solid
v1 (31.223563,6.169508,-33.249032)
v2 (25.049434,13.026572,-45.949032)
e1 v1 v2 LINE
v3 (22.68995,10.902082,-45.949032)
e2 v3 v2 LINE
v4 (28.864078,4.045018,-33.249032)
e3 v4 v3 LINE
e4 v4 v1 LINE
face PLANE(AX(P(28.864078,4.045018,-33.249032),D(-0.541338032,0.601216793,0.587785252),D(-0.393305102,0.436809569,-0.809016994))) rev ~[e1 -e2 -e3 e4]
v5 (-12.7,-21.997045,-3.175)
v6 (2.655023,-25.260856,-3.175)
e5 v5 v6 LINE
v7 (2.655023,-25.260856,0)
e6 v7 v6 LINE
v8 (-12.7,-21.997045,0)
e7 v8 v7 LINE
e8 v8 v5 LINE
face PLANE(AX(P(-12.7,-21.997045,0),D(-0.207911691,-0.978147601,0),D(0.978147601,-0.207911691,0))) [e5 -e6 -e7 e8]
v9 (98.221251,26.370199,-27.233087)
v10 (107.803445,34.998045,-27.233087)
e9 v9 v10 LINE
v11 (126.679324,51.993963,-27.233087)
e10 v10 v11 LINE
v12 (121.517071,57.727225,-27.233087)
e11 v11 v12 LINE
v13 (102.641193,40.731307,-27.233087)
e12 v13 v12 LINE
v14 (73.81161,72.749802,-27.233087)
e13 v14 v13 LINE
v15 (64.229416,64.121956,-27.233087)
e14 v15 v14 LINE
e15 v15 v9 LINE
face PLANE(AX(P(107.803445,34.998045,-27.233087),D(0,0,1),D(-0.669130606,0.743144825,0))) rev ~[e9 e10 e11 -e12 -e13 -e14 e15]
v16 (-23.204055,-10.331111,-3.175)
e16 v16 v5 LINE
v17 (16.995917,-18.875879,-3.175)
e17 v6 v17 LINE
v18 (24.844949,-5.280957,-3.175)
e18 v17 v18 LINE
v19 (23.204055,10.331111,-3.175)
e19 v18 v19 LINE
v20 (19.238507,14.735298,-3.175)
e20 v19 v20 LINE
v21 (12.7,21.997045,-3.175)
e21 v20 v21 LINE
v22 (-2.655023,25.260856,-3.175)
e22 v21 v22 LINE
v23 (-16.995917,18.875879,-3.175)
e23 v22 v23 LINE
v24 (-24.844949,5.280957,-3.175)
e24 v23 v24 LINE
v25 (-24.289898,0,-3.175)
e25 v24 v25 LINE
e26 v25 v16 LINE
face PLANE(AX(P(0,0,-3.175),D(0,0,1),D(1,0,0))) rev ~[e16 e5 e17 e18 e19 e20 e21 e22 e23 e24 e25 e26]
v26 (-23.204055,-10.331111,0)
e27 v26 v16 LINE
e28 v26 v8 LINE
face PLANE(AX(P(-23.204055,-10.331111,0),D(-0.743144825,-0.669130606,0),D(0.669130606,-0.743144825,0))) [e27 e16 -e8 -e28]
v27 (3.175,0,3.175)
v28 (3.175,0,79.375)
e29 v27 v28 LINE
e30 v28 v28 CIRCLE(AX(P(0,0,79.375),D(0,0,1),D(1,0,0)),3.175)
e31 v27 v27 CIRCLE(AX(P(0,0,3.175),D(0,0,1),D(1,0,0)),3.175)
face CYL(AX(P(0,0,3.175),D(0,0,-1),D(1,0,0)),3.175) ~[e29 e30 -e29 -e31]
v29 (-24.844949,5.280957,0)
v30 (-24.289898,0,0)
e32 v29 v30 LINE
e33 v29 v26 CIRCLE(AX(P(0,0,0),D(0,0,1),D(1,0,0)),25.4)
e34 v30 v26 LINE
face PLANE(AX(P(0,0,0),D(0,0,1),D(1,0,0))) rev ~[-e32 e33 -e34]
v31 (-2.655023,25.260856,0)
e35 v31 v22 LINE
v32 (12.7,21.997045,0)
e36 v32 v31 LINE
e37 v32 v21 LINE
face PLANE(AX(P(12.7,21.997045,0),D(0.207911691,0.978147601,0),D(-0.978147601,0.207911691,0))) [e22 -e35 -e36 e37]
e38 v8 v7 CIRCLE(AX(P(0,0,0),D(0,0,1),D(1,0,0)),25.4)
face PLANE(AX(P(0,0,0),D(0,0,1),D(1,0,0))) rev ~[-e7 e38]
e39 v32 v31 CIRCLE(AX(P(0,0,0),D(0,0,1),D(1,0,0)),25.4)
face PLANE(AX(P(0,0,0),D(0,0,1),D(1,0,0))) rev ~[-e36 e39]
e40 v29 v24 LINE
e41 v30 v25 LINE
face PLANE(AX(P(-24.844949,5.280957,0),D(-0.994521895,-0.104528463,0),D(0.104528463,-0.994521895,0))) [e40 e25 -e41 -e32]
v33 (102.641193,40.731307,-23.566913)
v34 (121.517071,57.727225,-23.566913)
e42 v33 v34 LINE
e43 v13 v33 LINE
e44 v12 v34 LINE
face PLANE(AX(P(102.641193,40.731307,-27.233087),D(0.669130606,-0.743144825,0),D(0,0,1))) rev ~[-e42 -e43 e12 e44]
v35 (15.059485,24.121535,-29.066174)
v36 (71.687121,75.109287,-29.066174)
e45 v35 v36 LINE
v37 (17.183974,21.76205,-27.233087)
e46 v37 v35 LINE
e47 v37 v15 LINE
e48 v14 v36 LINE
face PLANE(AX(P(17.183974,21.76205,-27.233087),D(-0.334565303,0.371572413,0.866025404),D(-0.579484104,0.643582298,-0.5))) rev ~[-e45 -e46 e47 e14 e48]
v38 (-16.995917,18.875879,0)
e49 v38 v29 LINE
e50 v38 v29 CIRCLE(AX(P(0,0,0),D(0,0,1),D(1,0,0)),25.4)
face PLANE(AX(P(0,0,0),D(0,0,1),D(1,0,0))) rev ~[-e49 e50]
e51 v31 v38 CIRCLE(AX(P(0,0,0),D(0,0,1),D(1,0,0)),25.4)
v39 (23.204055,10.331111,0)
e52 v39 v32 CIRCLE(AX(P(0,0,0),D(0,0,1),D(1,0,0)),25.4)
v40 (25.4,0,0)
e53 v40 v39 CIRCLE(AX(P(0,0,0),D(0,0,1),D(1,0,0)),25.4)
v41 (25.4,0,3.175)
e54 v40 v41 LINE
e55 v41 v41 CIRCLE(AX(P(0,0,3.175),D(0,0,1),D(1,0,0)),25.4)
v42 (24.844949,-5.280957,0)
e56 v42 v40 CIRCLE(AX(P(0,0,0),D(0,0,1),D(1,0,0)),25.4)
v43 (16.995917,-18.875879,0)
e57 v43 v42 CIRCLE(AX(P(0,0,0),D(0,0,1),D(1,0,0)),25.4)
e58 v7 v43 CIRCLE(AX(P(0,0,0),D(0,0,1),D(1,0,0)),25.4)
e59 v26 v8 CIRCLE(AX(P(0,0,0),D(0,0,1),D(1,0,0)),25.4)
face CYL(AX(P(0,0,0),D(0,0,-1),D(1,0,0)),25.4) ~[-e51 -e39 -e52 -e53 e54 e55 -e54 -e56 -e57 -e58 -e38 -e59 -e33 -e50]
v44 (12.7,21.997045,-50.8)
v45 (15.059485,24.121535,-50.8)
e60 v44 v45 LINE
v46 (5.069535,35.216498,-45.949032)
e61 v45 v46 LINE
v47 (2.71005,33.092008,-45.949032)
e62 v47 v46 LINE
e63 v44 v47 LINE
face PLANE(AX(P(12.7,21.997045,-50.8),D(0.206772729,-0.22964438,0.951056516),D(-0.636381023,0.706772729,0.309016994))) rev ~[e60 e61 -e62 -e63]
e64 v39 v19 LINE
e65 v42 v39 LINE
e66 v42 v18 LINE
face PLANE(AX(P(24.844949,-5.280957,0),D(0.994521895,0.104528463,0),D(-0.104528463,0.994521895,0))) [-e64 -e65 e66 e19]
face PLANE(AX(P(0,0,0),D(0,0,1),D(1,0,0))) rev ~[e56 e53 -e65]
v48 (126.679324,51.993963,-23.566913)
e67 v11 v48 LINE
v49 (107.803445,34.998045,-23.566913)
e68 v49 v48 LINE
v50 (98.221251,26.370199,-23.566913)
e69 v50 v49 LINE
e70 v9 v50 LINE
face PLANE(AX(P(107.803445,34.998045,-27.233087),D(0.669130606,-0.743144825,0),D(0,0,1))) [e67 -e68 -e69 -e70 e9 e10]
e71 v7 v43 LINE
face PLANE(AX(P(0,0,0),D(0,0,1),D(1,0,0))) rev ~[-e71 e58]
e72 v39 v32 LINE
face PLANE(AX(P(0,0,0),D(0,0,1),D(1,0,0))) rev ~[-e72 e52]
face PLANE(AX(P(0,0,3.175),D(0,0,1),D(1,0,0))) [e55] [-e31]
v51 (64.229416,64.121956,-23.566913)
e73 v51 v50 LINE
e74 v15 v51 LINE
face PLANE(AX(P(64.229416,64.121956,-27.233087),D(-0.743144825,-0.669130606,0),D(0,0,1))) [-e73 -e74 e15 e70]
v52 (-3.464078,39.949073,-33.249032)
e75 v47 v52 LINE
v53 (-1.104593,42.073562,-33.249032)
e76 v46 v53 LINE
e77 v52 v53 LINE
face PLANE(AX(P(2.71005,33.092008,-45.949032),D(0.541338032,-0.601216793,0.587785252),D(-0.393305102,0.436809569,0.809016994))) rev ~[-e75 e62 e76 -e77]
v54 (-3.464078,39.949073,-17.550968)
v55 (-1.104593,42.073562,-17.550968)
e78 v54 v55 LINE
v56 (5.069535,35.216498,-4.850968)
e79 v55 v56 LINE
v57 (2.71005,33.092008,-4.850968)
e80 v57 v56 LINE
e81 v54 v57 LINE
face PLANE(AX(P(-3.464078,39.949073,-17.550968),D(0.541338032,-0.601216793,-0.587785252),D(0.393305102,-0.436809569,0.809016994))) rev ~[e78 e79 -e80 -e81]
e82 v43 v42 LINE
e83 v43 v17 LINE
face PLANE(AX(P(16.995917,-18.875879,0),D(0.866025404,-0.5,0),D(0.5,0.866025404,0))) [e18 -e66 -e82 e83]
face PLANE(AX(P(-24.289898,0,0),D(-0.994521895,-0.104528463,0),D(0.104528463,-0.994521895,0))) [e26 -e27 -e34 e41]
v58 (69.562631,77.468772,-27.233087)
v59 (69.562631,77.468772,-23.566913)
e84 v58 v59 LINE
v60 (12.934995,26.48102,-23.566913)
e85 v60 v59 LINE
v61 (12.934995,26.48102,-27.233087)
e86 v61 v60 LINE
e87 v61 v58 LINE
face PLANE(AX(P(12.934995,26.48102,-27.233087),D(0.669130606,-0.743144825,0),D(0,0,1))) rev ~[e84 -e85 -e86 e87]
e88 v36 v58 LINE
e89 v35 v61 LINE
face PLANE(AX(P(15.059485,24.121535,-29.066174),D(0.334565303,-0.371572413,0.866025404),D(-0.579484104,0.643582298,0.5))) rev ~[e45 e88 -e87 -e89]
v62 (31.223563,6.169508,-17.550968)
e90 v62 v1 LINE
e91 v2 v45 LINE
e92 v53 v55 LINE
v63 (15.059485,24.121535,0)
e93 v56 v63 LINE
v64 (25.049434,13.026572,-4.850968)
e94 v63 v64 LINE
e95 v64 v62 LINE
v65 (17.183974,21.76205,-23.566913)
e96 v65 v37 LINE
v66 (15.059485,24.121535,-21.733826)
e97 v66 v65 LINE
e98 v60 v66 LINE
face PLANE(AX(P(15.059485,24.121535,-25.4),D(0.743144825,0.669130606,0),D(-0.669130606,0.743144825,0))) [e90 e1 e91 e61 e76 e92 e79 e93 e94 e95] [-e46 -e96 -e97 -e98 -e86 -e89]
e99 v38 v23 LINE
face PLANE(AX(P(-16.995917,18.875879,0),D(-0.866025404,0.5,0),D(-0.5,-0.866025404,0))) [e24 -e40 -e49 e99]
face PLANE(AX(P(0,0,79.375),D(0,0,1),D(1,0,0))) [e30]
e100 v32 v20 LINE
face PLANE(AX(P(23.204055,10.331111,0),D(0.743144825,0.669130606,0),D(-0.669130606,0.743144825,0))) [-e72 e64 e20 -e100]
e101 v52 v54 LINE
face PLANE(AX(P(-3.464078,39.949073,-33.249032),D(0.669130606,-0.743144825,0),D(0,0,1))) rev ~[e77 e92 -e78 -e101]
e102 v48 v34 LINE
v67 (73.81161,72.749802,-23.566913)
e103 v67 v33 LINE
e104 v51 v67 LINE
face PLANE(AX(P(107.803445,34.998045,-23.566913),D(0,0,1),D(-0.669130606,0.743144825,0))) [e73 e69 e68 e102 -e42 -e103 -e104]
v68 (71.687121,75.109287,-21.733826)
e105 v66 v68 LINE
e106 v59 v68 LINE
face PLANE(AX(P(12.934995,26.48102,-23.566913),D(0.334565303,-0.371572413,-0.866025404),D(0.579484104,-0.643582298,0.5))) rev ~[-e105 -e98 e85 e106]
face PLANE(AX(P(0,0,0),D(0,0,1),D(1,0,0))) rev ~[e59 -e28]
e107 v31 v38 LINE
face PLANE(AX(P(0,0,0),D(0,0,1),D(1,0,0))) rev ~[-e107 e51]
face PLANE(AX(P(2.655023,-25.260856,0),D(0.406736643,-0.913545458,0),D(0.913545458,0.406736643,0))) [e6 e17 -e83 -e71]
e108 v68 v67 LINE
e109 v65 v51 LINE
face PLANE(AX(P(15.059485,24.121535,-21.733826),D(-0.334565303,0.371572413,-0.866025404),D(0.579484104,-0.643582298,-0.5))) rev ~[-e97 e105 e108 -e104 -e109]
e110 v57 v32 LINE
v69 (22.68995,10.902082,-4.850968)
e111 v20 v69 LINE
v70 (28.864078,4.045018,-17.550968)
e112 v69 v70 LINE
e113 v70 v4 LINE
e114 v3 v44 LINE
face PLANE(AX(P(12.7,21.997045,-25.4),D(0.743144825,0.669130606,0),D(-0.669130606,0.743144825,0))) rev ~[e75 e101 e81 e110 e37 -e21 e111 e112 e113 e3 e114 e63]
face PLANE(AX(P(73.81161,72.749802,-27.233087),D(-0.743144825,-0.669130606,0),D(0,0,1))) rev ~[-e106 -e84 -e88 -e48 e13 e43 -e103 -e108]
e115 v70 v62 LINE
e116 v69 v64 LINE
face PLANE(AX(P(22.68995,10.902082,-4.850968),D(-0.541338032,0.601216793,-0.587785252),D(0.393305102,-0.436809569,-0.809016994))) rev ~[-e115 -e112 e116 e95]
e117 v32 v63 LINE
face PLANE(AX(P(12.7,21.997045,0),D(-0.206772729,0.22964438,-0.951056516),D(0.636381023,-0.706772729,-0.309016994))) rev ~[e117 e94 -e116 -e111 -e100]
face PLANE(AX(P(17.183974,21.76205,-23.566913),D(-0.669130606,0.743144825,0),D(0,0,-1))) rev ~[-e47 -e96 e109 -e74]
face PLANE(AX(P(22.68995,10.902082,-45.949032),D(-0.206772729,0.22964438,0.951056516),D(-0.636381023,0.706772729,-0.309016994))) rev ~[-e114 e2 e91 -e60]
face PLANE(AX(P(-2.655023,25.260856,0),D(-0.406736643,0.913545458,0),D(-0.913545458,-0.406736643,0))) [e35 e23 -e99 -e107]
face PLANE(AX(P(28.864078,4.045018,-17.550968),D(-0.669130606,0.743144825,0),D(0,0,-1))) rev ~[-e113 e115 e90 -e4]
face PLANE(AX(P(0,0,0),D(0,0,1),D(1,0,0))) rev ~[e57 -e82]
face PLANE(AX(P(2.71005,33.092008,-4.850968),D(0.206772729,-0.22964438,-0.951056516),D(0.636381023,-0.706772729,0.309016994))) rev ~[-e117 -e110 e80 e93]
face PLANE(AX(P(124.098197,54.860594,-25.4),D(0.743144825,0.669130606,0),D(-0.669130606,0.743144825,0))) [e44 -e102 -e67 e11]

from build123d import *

# Parameters (mm, degrees)
F0_R      = 25.4
F1_DEPTH  = 3.175
F2_R      = 3.175
F3_DEPTH  = 76.2
F5_DEPTH  = 3.175
F7_DEPTH  = 3.175
F9_DEPTH  = 76.2
F10_W     = 12.8941143926
F10_H     = 3.6661742094
F11_DEPTH = 50.8
F12_W     = 7.7148651539
F12_H     = 3.6661742094
F13_DEPTH = 25.4


with BuildPart() as f1:
    # F0 (on Top) → F1 (new body)
    with BuildSketch(Plane.XY):
        Circle(F0_R)
    extrude(amount=F1_DEPTH)

    # F2 (on face) → F3 (join)
    with BuildSketch(Plane.XY.offset(3.175)):
        Circle(F2_R)
    extrude(amount=F3_DEPTH)

    # F4 (on Top) → F5 (join)
    with BuildSketch(Plane.XY):
        Polygon((-24.8449490586, 5.2809569468), (-24.2898981173, 0), (-23.2040546241, -10.3311107341), (-12.7, -21.9970452561), (2.655022967, -25.2608561424), (16.9959174015, -18.8758785671), (24.8449490586, -5.2809569468), (23.2040546241, 10.3311107341), (12.7, 21.9970452561), (-2.655022967, 25.2608561424), (-16.9959174015, 18.8758785671), align=None)
    extrude(amount=-F5_DEPTH)

    # F6 (on face) → F7 (join)
    with BuildSketch(Plane(origin=(17.9520273121, 16.1640779951, 0), x_dir=(-0.6691306064, 0.7431448255, 0), z_dir=(0.7431448255, 0.6691306064, 0))):
        Polygon((22.7787770654, -4.8509683429), (7.8490316571, 0), (-7.0807137511, -4.8509683429), (-16.3078038568, -17.5509683429), (-16.3078038568, -33.2490316571), (-7.0807137511, -45.9490316571), (7.8490316571, -50.8), (22.7787770654, -45.9490316571), (32.005867171, -33.2490316571), (32.005867171, -17.5509683429), align=None)
    extrude(amount=F7_DEPTH)

    # F8 (on face) → F9 (join)
    with BuildSketch(Plane(origin=(20.311512133, 18.2885676703, 0), x_dir=(-0.6691306064, 0.7431448255, 0), z_dir=(0.7431448255, 0.6691306064, 0))):
        Polygon((11.0240316571, -27.2330871047), (11.0240316571, -23.5669128953), (7.8490316571, -21.7338257906), (4.6740316571, -23.5669128953), (4.6740316571, -27.2330871047), (7.8490316571, -29.0661742094), align=None)
    extrude(amount=F9_DEPTH)

    # F10 (on face) → F11 (join)
    with BuildSketch(Plane(origin=(-3.1275376369, 3.4734824401, 0), x_dir=(0.7431448255, 0.6691306064, 0), z_dir=(0.6691306064, -0.7431448255, 0))):
        with Locations((97.0847783176, -25.4)):
            Rectangle(F10_W, F10_H)
    extrude(amount=F11_DEPTH)

    # F12 (on face) → F13 (join)
    with BuildSketch(Plane(origin=(76.9391478343, 69.2763198749, 0), x_dir=(-0.6691306064, 0.7431448255, 0), z_dir=(0.7431448255, 0.6691306064, 0))):
        with Locations((-42.2685357659, -25.4)):
            Rectangle(F12_W, F12_H)
    extrude(amount=F13_DEPTH)


solid = f1.part
